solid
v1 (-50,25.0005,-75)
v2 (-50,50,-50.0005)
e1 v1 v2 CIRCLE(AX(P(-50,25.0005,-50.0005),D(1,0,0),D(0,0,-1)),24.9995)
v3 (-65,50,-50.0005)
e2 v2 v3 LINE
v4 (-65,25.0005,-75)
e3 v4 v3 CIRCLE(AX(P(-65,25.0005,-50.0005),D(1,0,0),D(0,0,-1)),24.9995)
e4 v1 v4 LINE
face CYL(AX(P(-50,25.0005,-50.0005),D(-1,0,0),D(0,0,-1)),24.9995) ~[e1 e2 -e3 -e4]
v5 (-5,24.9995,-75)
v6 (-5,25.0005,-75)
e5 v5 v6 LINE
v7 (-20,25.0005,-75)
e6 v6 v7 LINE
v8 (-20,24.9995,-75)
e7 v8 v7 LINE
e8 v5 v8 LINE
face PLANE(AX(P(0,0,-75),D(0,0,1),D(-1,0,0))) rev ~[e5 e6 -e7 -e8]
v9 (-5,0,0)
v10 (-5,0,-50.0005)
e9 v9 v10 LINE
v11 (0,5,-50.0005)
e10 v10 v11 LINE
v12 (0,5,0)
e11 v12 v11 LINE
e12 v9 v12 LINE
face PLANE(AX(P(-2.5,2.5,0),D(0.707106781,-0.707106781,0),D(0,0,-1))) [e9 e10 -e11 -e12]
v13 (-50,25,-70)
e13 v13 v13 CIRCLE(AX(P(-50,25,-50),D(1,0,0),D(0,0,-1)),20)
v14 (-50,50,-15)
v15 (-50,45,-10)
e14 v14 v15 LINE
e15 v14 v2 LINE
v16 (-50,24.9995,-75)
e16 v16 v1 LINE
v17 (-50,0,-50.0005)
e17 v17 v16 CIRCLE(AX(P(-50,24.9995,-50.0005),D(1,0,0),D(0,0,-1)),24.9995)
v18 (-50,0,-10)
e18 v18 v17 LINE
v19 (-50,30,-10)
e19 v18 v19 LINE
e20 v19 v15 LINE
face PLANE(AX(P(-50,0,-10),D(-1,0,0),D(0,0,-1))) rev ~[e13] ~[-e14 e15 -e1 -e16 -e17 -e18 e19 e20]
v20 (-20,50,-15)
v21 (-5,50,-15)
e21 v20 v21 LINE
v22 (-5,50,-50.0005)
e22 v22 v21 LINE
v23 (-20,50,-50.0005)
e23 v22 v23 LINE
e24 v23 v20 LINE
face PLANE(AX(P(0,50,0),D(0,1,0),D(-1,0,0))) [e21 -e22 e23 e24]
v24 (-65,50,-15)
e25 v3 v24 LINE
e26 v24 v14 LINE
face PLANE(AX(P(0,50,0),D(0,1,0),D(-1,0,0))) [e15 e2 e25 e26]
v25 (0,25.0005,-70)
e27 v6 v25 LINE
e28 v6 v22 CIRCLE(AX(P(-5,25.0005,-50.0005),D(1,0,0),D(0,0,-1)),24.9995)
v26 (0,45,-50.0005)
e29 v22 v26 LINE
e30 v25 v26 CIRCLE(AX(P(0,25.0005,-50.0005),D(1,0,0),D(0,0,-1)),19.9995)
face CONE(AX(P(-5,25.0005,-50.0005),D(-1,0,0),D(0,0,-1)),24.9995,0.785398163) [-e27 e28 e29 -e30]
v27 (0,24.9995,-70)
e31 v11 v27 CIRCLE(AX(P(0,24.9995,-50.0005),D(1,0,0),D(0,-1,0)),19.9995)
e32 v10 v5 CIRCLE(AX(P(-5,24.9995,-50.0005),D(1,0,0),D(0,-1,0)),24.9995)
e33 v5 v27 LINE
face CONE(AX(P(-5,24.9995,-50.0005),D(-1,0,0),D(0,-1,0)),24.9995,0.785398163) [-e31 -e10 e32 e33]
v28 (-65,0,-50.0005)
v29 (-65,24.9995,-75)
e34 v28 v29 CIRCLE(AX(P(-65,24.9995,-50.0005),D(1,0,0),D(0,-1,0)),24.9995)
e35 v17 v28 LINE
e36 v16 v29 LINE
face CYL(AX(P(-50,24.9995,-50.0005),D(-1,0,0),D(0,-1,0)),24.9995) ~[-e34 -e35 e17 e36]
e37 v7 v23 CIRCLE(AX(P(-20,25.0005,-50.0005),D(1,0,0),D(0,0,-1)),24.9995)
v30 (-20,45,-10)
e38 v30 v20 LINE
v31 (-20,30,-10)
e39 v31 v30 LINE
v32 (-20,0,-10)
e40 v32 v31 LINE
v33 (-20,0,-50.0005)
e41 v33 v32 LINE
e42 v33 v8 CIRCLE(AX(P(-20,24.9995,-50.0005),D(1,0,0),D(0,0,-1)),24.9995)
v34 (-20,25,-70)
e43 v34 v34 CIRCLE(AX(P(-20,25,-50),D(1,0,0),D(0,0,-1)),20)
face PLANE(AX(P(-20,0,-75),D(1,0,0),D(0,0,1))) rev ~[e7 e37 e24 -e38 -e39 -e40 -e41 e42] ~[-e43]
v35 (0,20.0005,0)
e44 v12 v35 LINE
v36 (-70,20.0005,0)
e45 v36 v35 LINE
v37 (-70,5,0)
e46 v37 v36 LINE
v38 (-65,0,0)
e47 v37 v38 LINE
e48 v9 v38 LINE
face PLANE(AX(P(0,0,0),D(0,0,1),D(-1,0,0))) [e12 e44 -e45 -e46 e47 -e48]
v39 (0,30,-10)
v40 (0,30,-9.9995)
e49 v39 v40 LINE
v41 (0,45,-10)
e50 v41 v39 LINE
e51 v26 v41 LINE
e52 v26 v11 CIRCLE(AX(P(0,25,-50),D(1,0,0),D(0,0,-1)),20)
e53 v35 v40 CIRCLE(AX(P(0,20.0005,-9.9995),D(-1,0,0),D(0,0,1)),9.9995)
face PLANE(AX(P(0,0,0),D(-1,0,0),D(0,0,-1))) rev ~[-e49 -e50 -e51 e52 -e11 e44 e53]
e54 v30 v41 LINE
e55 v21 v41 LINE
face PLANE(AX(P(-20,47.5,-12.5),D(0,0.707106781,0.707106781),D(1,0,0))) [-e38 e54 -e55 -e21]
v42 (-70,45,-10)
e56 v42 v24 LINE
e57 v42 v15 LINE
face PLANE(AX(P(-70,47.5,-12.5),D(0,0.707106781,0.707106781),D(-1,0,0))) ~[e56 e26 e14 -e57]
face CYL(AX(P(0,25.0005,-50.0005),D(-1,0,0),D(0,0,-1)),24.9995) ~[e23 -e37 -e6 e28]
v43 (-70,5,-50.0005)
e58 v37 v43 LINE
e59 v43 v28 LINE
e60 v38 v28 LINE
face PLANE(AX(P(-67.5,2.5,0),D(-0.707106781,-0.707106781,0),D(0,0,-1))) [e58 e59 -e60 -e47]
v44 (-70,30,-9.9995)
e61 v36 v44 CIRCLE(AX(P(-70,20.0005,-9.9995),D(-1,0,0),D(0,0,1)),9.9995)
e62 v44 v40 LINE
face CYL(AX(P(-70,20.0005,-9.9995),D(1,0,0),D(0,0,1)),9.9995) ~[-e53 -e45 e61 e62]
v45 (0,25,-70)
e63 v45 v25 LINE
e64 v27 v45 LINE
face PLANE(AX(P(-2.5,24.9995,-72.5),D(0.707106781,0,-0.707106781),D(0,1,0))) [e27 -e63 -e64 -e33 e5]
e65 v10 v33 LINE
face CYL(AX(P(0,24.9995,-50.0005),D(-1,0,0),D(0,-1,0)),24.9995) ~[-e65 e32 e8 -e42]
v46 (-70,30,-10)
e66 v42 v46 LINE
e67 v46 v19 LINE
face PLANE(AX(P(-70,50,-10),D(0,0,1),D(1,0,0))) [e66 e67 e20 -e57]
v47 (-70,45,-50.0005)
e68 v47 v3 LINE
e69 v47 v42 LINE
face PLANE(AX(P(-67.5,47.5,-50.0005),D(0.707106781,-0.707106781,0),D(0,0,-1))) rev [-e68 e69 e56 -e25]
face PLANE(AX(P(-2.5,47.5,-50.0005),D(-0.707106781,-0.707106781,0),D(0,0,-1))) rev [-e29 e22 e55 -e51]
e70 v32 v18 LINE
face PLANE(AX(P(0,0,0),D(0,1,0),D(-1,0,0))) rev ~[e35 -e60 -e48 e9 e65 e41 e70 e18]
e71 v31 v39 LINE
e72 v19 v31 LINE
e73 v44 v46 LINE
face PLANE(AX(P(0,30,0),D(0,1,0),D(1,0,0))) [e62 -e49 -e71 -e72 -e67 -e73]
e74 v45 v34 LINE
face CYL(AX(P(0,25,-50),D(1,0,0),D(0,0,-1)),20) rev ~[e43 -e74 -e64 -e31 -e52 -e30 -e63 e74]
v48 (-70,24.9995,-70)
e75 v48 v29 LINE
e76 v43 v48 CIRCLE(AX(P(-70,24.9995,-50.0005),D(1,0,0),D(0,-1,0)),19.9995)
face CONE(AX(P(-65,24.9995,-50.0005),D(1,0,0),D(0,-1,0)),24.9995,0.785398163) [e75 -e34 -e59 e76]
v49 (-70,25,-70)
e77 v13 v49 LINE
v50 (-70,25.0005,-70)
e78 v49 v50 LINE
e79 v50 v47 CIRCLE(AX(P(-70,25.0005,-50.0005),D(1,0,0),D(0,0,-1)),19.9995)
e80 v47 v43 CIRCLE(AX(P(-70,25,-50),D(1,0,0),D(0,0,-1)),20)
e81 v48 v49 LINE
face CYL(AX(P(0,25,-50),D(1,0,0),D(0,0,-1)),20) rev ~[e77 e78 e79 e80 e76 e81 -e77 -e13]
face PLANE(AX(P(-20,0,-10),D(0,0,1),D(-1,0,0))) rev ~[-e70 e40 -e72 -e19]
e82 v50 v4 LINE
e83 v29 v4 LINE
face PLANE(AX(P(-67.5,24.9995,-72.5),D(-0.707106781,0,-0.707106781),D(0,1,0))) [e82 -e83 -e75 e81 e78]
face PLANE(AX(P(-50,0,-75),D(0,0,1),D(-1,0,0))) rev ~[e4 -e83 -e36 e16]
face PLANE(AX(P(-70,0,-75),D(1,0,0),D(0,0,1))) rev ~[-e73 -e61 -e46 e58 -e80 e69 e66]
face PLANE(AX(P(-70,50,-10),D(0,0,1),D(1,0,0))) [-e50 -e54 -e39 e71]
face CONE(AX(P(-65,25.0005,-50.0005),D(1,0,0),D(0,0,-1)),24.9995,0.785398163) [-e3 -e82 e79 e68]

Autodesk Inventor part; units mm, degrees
ref_plane "YZ Plane" through (0, 0, 0) normal (1, 0, 0) x (0, 1, 0)
ref_plane "XZ Plane" through (0, 0, 0) normal (0, 1, 0) x (-1, 0, 0)
ref_plane "XY Plane" through (0, 0, 0) normal (0, 0, 1) x (1, 0, 0)
sketch "Sketch1" plane through (0, 0, 0) normal (0, 1, 0) x (-1, 0, 0)
  line L0 (0, 0) -> (70, 0)
  line L1 (70, 0) -> (70, -84.6705) construction
  line L2 (0, -84.6705) -> (0, 0) construction
  line L3 (70, 0) -> (0, 0) construction
  line L4 (0, 0) -> (0, -75)
  line L5 (0, -75) -> (20, -75)
  line L6 (20, -75) -> (20, -10)
  line L7 (20, -10) -> (50, -10)
  line L8 (50, -10) -> (50, -75)
  line L9 (50, -75) -> (70, -75)
  line L10 (70, -75) -> (70, 0)
  dimension "d0" = 70
  dimension "d1" = 20
  dimension "d2" = 30
  dimension "d3" = 20
  dimension "d4" = 10
  dimension "d20" = 65
extrude "Extrusion1" add sketch "Sketch1" along normal blind 50
sketch "Sketch2" plane through (0, 50, 0) normal (0, 1, 0) x (1, 0, 0)
  line L0 (-70, 0) -> (0, 0) projected
  line L1 (0, 0) -> (-70, 0)
  line L2 (-70, 0) -> (-70, 10)
  line L3 (-70, 10) -> (0, 10)
  line L4 (0, 10) -> (0, 0)
  dimension "d7" = 70
  dimension "d8" = 10
extrude "Extrusion2" cut sketch "Sketch2" against normal blind 20
fillet "Fillet1" radius 10 1 edges at (-35, 30, 0)
fillet "Fillet2" radius 25 4 edges at (-10, 50, -75) (-10, 0, -75) (-60, 0, -75) (-60, 50, -75)
chamfer "Chamfer1" distance 5 angle 45 8 edges at (0, 0, -25.0003) (0, 42.6778, -67.6778) (0, 50, -30.0003) (-70, 50, -30.0002) (-70, 7.3222, -67.6778) (-70, 0, -25.0002) (-60, 50, -10) (-10, 50, -10)
sketch "Sketch4" plane through (0, 25, -50) normal (1, 0, 0) x (0, 0, -1)
  circle A0 centre (0, 0) radius 20
  point P0 (-50, -25)
  dimension "d17" = 40
extrude "Extrusion3" cut sketch "Sketch4" against normal through all
properties part number "dhillg25_Lab2"
